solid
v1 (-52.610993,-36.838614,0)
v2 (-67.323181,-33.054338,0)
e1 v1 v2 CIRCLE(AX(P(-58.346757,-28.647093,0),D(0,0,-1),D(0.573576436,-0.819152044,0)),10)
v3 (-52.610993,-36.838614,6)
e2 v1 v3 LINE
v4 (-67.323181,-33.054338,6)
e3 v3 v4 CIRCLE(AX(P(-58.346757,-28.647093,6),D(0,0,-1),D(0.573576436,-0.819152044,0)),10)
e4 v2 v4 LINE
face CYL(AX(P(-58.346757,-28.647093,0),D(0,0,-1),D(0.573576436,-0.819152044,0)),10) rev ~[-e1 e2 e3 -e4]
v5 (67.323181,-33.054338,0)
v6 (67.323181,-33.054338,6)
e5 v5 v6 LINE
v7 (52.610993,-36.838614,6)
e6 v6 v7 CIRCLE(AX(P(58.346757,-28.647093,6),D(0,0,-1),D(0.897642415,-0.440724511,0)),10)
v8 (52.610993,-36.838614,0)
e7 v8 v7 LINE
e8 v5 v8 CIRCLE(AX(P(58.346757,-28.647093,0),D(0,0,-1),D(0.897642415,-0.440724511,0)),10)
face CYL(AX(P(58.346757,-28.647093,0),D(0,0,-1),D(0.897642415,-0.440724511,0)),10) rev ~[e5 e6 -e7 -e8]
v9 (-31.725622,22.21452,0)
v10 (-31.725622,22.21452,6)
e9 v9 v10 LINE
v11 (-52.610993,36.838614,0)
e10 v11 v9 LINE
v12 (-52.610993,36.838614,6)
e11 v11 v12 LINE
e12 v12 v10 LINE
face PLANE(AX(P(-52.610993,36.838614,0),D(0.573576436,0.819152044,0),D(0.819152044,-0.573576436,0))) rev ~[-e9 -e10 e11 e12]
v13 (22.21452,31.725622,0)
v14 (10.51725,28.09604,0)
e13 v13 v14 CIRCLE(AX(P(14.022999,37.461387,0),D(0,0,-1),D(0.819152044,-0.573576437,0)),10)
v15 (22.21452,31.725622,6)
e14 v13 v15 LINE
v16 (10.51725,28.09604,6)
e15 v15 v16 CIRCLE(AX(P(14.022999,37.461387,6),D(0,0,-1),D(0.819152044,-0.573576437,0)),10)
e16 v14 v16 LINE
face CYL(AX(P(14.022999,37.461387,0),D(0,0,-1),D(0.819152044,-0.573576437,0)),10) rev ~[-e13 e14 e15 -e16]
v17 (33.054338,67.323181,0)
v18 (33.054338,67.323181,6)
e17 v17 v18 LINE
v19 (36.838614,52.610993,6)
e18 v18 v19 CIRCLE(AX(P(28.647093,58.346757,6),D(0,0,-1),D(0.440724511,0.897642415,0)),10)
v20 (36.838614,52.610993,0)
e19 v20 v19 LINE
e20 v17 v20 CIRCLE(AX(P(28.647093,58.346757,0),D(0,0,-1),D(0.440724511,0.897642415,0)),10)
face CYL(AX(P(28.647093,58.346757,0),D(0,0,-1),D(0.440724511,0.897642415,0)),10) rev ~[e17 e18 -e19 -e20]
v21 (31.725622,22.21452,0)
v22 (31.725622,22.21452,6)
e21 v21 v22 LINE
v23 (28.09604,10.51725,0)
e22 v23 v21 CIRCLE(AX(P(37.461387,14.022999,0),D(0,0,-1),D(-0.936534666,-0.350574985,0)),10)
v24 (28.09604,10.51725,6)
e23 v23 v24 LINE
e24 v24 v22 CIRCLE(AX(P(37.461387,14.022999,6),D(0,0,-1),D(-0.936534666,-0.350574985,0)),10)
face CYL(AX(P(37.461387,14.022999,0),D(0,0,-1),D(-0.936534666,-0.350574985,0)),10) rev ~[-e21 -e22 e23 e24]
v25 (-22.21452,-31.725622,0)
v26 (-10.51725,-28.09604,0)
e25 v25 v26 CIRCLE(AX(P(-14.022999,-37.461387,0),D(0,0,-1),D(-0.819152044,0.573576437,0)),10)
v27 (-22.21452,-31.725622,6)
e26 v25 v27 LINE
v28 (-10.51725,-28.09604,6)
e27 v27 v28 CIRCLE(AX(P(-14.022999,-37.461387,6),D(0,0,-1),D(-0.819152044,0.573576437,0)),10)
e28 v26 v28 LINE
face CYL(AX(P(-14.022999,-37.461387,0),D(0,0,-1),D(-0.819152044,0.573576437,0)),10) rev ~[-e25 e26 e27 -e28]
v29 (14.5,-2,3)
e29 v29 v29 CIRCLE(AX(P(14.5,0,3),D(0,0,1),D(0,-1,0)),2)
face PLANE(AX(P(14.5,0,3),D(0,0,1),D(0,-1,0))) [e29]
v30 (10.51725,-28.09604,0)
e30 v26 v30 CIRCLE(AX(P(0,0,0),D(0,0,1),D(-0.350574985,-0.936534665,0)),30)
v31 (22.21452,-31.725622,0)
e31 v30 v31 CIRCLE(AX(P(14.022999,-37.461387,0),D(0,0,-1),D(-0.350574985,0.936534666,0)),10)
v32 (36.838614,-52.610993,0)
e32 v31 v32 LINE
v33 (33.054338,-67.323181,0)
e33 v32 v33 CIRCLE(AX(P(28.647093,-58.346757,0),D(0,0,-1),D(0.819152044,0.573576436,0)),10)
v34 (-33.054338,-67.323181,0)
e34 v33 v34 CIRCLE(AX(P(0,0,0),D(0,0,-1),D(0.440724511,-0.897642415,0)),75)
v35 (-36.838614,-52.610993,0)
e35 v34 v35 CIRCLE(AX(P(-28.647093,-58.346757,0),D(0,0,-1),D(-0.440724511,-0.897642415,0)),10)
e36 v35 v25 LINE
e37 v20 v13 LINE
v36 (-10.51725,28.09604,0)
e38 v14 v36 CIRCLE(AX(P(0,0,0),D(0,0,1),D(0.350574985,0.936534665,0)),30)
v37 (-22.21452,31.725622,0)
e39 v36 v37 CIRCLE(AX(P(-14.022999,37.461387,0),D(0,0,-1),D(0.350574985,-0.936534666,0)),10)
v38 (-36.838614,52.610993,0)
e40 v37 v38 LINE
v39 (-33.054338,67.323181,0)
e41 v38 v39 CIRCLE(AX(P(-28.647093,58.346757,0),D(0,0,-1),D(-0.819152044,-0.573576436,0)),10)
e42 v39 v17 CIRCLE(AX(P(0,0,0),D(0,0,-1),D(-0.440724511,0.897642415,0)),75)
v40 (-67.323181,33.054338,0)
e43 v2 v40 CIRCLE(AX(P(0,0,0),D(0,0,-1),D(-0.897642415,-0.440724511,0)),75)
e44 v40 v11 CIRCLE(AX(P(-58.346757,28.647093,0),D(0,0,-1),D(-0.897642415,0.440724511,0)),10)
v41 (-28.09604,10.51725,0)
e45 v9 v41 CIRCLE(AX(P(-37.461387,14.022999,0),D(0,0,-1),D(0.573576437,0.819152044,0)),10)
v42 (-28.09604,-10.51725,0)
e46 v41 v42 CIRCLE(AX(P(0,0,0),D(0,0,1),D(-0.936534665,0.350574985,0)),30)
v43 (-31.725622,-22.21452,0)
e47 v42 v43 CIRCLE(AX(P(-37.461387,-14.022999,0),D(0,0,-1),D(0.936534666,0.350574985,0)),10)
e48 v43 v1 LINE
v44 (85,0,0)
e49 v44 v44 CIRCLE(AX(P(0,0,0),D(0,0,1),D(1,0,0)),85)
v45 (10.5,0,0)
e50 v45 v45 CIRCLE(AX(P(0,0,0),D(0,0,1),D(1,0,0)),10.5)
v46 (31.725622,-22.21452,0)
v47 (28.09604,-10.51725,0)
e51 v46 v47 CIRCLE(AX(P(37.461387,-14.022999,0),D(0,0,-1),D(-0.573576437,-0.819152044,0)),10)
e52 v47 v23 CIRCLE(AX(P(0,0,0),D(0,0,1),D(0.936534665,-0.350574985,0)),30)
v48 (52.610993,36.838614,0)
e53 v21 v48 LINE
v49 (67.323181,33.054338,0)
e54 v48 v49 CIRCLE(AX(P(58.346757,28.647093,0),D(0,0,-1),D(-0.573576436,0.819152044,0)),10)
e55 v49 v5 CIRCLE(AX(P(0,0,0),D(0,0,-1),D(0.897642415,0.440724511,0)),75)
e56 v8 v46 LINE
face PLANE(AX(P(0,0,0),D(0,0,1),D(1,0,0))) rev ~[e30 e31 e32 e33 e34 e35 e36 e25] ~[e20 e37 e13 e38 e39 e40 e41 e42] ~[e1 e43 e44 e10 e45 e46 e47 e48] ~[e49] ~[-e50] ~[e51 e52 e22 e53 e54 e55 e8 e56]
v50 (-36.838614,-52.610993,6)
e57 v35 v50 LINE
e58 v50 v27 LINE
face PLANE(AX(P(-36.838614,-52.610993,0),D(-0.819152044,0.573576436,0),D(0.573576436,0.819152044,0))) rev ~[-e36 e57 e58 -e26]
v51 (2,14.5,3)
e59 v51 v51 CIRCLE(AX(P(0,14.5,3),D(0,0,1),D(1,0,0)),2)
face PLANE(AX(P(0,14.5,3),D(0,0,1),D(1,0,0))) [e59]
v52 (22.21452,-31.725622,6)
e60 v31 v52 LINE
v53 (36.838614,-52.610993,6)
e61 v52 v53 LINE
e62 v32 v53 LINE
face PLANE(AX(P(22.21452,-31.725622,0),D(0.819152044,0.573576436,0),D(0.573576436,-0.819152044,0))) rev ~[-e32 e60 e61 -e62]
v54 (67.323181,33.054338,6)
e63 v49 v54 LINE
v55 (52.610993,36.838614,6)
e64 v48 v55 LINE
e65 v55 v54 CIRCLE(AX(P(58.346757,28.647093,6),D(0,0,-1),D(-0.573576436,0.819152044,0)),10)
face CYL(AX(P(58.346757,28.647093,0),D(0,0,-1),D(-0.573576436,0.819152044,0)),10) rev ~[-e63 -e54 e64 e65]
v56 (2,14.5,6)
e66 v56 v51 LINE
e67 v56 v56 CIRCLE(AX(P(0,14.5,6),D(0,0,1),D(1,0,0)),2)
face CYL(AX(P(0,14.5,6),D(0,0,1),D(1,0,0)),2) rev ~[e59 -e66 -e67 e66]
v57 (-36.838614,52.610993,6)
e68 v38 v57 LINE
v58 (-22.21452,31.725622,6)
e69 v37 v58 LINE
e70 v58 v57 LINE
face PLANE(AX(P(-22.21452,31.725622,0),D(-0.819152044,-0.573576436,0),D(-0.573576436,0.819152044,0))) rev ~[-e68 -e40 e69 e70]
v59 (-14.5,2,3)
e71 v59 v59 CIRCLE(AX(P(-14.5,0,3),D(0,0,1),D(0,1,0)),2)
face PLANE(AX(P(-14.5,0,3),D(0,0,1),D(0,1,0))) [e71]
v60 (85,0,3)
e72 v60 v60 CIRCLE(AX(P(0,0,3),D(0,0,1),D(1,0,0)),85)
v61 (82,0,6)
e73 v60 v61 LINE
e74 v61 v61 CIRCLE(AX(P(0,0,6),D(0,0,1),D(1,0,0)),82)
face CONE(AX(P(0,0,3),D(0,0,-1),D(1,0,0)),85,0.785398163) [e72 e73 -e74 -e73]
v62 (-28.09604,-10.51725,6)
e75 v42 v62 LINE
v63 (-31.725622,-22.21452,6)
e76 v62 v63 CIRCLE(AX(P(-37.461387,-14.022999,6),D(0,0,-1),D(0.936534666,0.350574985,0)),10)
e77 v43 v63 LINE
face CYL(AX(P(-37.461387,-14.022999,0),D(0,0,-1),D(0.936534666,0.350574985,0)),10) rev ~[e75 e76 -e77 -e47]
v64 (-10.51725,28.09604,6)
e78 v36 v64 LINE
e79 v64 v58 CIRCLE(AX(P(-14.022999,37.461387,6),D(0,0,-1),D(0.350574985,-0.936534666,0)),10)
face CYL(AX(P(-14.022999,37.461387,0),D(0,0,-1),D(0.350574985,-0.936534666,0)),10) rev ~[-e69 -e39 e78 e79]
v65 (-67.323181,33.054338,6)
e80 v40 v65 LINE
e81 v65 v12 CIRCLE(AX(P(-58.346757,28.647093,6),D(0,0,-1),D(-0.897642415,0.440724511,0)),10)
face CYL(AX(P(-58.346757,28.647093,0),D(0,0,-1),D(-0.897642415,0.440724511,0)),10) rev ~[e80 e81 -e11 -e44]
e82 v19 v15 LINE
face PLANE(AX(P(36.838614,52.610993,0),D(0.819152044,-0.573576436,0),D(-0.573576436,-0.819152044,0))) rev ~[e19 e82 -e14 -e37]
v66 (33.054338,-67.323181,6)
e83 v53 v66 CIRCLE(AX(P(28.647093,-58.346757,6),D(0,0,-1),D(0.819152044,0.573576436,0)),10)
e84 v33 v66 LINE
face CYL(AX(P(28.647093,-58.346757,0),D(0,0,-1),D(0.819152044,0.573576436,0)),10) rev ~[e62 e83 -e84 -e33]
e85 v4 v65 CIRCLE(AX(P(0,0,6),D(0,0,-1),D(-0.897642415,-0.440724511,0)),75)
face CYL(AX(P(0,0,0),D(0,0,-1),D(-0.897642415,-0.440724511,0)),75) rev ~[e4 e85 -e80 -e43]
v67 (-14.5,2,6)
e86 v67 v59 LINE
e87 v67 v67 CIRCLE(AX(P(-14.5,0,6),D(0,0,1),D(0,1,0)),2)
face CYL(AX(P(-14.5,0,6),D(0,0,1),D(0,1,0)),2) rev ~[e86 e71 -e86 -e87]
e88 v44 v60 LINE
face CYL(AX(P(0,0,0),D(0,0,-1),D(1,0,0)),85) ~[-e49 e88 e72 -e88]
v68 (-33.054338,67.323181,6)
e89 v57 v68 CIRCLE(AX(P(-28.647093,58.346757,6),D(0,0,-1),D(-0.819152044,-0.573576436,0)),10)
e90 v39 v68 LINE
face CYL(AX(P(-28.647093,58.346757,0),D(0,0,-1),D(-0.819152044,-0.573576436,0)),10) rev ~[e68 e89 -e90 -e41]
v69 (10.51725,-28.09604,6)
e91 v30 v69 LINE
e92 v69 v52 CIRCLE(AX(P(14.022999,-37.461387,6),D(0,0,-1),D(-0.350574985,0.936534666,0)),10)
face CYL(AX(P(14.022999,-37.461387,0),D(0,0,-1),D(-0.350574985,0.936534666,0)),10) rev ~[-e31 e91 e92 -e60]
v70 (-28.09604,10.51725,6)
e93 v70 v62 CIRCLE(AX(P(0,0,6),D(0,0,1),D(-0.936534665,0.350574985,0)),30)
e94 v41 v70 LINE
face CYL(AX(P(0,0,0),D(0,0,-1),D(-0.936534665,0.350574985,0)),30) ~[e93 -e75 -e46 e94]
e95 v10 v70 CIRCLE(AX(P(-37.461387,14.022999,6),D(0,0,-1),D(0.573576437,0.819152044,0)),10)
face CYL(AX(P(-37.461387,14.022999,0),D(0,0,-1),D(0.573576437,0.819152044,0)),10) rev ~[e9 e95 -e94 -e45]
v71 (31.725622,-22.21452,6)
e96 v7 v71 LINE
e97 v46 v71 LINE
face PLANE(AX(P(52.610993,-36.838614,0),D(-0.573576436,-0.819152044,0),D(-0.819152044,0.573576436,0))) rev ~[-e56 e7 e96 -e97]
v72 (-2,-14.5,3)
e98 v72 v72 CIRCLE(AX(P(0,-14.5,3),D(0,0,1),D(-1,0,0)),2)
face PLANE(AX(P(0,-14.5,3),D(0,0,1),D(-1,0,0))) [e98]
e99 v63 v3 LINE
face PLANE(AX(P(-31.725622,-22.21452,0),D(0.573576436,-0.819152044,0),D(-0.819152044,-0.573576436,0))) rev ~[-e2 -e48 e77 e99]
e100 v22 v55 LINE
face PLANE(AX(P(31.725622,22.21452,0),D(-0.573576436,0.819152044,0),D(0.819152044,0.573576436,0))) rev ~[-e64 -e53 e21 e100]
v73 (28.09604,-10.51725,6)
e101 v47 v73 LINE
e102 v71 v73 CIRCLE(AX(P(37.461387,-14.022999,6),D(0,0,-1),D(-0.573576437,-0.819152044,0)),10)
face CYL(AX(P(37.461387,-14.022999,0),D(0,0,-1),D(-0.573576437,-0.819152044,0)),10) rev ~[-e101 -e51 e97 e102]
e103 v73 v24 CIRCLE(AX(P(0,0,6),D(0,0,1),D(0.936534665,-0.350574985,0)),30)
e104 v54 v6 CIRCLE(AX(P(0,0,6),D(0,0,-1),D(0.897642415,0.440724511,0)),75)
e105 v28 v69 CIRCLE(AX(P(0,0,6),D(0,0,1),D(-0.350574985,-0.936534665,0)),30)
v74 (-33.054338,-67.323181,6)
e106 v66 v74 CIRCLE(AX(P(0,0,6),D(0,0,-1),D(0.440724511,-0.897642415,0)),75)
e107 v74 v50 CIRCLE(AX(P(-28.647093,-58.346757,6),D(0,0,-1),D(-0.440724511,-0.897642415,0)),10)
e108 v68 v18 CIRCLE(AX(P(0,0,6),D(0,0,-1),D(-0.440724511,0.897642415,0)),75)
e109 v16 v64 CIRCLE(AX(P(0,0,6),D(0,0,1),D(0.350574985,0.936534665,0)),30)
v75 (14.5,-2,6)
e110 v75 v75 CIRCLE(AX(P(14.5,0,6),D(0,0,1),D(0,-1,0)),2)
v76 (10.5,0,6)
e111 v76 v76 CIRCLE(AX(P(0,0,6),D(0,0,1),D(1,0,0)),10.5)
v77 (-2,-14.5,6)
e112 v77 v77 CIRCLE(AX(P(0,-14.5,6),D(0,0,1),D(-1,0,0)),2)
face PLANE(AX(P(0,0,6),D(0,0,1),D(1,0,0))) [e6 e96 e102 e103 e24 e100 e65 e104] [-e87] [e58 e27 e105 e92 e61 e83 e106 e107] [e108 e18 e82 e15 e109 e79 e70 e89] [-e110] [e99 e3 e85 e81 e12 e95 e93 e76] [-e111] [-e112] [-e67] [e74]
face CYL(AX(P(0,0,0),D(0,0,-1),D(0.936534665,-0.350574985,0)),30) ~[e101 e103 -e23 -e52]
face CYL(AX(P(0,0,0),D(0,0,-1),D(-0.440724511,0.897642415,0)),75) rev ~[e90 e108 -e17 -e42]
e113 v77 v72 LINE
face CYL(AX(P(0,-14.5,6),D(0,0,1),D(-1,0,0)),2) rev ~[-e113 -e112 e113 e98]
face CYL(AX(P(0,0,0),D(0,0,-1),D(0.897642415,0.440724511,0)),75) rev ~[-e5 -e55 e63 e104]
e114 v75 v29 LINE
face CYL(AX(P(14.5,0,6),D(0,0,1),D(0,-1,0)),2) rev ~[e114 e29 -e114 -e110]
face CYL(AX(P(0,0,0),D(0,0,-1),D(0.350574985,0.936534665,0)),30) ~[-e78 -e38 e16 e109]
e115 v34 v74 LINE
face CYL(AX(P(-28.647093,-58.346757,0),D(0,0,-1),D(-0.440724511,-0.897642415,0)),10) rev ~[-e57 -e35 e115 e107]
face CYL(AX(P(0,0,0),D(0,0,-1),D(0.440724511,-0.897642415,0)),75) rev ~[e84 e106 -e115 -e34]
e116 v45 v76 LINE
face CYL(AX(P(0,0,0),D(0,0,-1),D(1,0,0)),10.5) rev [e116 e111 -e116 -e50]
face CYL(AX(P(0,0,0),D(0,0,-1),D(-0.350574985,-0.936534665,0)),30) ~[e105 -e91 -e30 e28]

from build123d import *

# Parameters (mm, degrees)
SKETCH_1_R               = 85
SKETCH_1_R_2             = 10.5
EXTRUDE_1_DEPTH          = 6
SKETCH_2_R               = 2
CUT_EXTRUDE_1_DEPTH      = 3
PATTERN_CIRCULAR_2_COUNT = 4
CHAMFER_1_SIZE           = 3


with BuildPart() as part:
    # 草图1 → 凸台-拉伸1 (new body)
    with BuildSketch(Plane.XY):
        Circle(SKETCH_1_R)
        with BuildLine():
            Line((-31.725622255, -22.214519858), (-52.610992631, -36.838613633))
            ThreePointArc((-52.610992631, -36.838613633), (-60.837871991, -38.331841306), (-67.323181147, -33.054338296))
            ThreePointArc((-67.323181147, -33.054338296), (-75, 0), (-67.323181147, 33.054338296))
            ThreePointArc((-67.323181147, 33.054338296), (-60.837871991, 38.331841306), (-52.610992631, 36.838613633))
            Line((-52.610992631, 36.838613633), (-31.725622255, 22.214519858))
            ThreePointArc((-31.725622255, 22.214519858), (-27.910605416, 16.986540946), (-28.096039964, 10.517249561))
            ThreePointArc((-28.096039964, 10.517249561), (-30, 0), (-28.096039964, -10.517249561))
            ThreePointArc((-28.096039964, -10.517249561), (-27.910605416, -16.986540946), (-31.725622255, -22.214519858))
        make_face(mode=Mode.SUBTRACT)
        with BuildLine():
            Line((22.214519858, -31.725622255), (36.838613633, -52.610992631))
            ThreePointArc((36.838613633, -52.610992631), (38.331841306, -60.837871991), (33.054338296, -67.323181147))
            ThreePointArc((33.054338296, -67.323181147), (0, -75), (-33.054338296, -67.323181147))
            ThreePointArc((-33.054338296, -67.323181147), (-38.331841306, -60.837871991), (-36.838613633, -52.610992631))
            Line((-36.838613633, -52.610992631), (-22.214519858, -31.725622255))
            ThreePointArc((-22.214519858, -31.725622255), (-16.986540946, -27.910605416), (-10.517249561, -28.096039964))
            ThreePointArc((-10.517249561, -28.096039964), (0, -30), (10.517249561, -28.096039964))
            ThreePointArc((10.517249561, -28.096039964), (16.986540946, -27.910605416), (22.214519858, -31.725622255))
        make_face(mode=Mode.SUBTRACT)
        with BuildLine():
            Line((36.838613633, 52.610992631), (22.214519858, 31.725622255))
            ThreePointArc((22.214519858, 31.725622255), (16.986540946, 27.910605416), (10.517249561, 28.096039964))
            ThreePointArc((10.517249561, 28.096039964), (0, 30), (-10.517249561, 28.096039964))
            ThreePointArc((-10.517249561, 28.096039964), (-16.986540946, 27.910605416), (-22.214519858, 31.725622255))
            Line((-22.214519858, 31.725622255), (-36.838613633, 52.610992631))
            ThreePointArc((-36.838613633, 52.610992631), (-38.331841306, 60.837871991), (-33.054338296, 67.323181147))
            ThreePointArc((-33.054338296, 67.323181147), (0, 75), (33.054338296, 67.323181147))
            ThreePointArc((33.054338296, 67.323181147), (38.331841306, 60.837871991), (36.838613633, 52.610992631))
        make_face(mode=Mode.SUBTRACT)
        with BuildLine():
            Line((31.725622255, 22.214519858), (52.610992631, 36.838613633))
            ThreePointArc((52.610992631, 36.838613633), (60.837871991, 38.331841306), (67.323181147, 33.054338296))
            ThreePointArc((67.323181147, 33.054338296), (75, 0), (67.323181147, -33.054338296))
            ThreePointArc((67.323181147, -33.054338296), (60.837871991, -38.331841306), (52.610992631, -36.838613633))
            Line((52.610992631, -36.838613633), (31.725622255, -22.214519858))
            ThreePointArc((31.725622255, -22.214519858), (27.910605416, -16.986540946), (28.096039964, -10.517249561))
            ThreePointArc((28.096039964, -10.517249561), (30, 0), (28.096039964, 10.517249561))
            ThreePointArc((28.096039964, 10.517249561), (27.910605416, 16.986540946), (31.725622255, 22.214519858))
        make_face(mode=Mode.SUBTRACT)
        Circle(SKETCH_1_R_2, mode=Mode.SUBTRACT)
    extrude(amount=EXTRUDE_1_DEPTH)

    # 草图2 → 切除-拉伸1 (cut)
    with BuildSketch(Plane.XY.offset(6)):
        with Locations((0, 14.5)):
            Circle(SKETCH_2_R)
    cut_extrude_1 = extrude(amount=-CUT_EXTRUDE_1_DEPTH, mode=Mode.SUBTRACT)

    # 阵列(圆周)2: 切除-拉伸1 ×4 about axis
    pattern_circular_2_axis = Axis((0, 0, 0), (0, 0, 1))
    for i in range(1, PATTERN_CIRCULAR_2_COUNT):
        add(cut_extrude_1.rotate(pattern_circular_2_axis, i * 360 / PATTERN_CIRCULAR_2_COUNT), mode=Mode.SUBTRACT)

    # 倒角1
    chamfer_1_edges = [part.edges().sort_by_distance(p)[0] for p in [
        (-85, 0, 6),
    ]]
    chamfer(chamfer_1_edges, length=CHAMFER_1_SIZE)


solid = part.part
